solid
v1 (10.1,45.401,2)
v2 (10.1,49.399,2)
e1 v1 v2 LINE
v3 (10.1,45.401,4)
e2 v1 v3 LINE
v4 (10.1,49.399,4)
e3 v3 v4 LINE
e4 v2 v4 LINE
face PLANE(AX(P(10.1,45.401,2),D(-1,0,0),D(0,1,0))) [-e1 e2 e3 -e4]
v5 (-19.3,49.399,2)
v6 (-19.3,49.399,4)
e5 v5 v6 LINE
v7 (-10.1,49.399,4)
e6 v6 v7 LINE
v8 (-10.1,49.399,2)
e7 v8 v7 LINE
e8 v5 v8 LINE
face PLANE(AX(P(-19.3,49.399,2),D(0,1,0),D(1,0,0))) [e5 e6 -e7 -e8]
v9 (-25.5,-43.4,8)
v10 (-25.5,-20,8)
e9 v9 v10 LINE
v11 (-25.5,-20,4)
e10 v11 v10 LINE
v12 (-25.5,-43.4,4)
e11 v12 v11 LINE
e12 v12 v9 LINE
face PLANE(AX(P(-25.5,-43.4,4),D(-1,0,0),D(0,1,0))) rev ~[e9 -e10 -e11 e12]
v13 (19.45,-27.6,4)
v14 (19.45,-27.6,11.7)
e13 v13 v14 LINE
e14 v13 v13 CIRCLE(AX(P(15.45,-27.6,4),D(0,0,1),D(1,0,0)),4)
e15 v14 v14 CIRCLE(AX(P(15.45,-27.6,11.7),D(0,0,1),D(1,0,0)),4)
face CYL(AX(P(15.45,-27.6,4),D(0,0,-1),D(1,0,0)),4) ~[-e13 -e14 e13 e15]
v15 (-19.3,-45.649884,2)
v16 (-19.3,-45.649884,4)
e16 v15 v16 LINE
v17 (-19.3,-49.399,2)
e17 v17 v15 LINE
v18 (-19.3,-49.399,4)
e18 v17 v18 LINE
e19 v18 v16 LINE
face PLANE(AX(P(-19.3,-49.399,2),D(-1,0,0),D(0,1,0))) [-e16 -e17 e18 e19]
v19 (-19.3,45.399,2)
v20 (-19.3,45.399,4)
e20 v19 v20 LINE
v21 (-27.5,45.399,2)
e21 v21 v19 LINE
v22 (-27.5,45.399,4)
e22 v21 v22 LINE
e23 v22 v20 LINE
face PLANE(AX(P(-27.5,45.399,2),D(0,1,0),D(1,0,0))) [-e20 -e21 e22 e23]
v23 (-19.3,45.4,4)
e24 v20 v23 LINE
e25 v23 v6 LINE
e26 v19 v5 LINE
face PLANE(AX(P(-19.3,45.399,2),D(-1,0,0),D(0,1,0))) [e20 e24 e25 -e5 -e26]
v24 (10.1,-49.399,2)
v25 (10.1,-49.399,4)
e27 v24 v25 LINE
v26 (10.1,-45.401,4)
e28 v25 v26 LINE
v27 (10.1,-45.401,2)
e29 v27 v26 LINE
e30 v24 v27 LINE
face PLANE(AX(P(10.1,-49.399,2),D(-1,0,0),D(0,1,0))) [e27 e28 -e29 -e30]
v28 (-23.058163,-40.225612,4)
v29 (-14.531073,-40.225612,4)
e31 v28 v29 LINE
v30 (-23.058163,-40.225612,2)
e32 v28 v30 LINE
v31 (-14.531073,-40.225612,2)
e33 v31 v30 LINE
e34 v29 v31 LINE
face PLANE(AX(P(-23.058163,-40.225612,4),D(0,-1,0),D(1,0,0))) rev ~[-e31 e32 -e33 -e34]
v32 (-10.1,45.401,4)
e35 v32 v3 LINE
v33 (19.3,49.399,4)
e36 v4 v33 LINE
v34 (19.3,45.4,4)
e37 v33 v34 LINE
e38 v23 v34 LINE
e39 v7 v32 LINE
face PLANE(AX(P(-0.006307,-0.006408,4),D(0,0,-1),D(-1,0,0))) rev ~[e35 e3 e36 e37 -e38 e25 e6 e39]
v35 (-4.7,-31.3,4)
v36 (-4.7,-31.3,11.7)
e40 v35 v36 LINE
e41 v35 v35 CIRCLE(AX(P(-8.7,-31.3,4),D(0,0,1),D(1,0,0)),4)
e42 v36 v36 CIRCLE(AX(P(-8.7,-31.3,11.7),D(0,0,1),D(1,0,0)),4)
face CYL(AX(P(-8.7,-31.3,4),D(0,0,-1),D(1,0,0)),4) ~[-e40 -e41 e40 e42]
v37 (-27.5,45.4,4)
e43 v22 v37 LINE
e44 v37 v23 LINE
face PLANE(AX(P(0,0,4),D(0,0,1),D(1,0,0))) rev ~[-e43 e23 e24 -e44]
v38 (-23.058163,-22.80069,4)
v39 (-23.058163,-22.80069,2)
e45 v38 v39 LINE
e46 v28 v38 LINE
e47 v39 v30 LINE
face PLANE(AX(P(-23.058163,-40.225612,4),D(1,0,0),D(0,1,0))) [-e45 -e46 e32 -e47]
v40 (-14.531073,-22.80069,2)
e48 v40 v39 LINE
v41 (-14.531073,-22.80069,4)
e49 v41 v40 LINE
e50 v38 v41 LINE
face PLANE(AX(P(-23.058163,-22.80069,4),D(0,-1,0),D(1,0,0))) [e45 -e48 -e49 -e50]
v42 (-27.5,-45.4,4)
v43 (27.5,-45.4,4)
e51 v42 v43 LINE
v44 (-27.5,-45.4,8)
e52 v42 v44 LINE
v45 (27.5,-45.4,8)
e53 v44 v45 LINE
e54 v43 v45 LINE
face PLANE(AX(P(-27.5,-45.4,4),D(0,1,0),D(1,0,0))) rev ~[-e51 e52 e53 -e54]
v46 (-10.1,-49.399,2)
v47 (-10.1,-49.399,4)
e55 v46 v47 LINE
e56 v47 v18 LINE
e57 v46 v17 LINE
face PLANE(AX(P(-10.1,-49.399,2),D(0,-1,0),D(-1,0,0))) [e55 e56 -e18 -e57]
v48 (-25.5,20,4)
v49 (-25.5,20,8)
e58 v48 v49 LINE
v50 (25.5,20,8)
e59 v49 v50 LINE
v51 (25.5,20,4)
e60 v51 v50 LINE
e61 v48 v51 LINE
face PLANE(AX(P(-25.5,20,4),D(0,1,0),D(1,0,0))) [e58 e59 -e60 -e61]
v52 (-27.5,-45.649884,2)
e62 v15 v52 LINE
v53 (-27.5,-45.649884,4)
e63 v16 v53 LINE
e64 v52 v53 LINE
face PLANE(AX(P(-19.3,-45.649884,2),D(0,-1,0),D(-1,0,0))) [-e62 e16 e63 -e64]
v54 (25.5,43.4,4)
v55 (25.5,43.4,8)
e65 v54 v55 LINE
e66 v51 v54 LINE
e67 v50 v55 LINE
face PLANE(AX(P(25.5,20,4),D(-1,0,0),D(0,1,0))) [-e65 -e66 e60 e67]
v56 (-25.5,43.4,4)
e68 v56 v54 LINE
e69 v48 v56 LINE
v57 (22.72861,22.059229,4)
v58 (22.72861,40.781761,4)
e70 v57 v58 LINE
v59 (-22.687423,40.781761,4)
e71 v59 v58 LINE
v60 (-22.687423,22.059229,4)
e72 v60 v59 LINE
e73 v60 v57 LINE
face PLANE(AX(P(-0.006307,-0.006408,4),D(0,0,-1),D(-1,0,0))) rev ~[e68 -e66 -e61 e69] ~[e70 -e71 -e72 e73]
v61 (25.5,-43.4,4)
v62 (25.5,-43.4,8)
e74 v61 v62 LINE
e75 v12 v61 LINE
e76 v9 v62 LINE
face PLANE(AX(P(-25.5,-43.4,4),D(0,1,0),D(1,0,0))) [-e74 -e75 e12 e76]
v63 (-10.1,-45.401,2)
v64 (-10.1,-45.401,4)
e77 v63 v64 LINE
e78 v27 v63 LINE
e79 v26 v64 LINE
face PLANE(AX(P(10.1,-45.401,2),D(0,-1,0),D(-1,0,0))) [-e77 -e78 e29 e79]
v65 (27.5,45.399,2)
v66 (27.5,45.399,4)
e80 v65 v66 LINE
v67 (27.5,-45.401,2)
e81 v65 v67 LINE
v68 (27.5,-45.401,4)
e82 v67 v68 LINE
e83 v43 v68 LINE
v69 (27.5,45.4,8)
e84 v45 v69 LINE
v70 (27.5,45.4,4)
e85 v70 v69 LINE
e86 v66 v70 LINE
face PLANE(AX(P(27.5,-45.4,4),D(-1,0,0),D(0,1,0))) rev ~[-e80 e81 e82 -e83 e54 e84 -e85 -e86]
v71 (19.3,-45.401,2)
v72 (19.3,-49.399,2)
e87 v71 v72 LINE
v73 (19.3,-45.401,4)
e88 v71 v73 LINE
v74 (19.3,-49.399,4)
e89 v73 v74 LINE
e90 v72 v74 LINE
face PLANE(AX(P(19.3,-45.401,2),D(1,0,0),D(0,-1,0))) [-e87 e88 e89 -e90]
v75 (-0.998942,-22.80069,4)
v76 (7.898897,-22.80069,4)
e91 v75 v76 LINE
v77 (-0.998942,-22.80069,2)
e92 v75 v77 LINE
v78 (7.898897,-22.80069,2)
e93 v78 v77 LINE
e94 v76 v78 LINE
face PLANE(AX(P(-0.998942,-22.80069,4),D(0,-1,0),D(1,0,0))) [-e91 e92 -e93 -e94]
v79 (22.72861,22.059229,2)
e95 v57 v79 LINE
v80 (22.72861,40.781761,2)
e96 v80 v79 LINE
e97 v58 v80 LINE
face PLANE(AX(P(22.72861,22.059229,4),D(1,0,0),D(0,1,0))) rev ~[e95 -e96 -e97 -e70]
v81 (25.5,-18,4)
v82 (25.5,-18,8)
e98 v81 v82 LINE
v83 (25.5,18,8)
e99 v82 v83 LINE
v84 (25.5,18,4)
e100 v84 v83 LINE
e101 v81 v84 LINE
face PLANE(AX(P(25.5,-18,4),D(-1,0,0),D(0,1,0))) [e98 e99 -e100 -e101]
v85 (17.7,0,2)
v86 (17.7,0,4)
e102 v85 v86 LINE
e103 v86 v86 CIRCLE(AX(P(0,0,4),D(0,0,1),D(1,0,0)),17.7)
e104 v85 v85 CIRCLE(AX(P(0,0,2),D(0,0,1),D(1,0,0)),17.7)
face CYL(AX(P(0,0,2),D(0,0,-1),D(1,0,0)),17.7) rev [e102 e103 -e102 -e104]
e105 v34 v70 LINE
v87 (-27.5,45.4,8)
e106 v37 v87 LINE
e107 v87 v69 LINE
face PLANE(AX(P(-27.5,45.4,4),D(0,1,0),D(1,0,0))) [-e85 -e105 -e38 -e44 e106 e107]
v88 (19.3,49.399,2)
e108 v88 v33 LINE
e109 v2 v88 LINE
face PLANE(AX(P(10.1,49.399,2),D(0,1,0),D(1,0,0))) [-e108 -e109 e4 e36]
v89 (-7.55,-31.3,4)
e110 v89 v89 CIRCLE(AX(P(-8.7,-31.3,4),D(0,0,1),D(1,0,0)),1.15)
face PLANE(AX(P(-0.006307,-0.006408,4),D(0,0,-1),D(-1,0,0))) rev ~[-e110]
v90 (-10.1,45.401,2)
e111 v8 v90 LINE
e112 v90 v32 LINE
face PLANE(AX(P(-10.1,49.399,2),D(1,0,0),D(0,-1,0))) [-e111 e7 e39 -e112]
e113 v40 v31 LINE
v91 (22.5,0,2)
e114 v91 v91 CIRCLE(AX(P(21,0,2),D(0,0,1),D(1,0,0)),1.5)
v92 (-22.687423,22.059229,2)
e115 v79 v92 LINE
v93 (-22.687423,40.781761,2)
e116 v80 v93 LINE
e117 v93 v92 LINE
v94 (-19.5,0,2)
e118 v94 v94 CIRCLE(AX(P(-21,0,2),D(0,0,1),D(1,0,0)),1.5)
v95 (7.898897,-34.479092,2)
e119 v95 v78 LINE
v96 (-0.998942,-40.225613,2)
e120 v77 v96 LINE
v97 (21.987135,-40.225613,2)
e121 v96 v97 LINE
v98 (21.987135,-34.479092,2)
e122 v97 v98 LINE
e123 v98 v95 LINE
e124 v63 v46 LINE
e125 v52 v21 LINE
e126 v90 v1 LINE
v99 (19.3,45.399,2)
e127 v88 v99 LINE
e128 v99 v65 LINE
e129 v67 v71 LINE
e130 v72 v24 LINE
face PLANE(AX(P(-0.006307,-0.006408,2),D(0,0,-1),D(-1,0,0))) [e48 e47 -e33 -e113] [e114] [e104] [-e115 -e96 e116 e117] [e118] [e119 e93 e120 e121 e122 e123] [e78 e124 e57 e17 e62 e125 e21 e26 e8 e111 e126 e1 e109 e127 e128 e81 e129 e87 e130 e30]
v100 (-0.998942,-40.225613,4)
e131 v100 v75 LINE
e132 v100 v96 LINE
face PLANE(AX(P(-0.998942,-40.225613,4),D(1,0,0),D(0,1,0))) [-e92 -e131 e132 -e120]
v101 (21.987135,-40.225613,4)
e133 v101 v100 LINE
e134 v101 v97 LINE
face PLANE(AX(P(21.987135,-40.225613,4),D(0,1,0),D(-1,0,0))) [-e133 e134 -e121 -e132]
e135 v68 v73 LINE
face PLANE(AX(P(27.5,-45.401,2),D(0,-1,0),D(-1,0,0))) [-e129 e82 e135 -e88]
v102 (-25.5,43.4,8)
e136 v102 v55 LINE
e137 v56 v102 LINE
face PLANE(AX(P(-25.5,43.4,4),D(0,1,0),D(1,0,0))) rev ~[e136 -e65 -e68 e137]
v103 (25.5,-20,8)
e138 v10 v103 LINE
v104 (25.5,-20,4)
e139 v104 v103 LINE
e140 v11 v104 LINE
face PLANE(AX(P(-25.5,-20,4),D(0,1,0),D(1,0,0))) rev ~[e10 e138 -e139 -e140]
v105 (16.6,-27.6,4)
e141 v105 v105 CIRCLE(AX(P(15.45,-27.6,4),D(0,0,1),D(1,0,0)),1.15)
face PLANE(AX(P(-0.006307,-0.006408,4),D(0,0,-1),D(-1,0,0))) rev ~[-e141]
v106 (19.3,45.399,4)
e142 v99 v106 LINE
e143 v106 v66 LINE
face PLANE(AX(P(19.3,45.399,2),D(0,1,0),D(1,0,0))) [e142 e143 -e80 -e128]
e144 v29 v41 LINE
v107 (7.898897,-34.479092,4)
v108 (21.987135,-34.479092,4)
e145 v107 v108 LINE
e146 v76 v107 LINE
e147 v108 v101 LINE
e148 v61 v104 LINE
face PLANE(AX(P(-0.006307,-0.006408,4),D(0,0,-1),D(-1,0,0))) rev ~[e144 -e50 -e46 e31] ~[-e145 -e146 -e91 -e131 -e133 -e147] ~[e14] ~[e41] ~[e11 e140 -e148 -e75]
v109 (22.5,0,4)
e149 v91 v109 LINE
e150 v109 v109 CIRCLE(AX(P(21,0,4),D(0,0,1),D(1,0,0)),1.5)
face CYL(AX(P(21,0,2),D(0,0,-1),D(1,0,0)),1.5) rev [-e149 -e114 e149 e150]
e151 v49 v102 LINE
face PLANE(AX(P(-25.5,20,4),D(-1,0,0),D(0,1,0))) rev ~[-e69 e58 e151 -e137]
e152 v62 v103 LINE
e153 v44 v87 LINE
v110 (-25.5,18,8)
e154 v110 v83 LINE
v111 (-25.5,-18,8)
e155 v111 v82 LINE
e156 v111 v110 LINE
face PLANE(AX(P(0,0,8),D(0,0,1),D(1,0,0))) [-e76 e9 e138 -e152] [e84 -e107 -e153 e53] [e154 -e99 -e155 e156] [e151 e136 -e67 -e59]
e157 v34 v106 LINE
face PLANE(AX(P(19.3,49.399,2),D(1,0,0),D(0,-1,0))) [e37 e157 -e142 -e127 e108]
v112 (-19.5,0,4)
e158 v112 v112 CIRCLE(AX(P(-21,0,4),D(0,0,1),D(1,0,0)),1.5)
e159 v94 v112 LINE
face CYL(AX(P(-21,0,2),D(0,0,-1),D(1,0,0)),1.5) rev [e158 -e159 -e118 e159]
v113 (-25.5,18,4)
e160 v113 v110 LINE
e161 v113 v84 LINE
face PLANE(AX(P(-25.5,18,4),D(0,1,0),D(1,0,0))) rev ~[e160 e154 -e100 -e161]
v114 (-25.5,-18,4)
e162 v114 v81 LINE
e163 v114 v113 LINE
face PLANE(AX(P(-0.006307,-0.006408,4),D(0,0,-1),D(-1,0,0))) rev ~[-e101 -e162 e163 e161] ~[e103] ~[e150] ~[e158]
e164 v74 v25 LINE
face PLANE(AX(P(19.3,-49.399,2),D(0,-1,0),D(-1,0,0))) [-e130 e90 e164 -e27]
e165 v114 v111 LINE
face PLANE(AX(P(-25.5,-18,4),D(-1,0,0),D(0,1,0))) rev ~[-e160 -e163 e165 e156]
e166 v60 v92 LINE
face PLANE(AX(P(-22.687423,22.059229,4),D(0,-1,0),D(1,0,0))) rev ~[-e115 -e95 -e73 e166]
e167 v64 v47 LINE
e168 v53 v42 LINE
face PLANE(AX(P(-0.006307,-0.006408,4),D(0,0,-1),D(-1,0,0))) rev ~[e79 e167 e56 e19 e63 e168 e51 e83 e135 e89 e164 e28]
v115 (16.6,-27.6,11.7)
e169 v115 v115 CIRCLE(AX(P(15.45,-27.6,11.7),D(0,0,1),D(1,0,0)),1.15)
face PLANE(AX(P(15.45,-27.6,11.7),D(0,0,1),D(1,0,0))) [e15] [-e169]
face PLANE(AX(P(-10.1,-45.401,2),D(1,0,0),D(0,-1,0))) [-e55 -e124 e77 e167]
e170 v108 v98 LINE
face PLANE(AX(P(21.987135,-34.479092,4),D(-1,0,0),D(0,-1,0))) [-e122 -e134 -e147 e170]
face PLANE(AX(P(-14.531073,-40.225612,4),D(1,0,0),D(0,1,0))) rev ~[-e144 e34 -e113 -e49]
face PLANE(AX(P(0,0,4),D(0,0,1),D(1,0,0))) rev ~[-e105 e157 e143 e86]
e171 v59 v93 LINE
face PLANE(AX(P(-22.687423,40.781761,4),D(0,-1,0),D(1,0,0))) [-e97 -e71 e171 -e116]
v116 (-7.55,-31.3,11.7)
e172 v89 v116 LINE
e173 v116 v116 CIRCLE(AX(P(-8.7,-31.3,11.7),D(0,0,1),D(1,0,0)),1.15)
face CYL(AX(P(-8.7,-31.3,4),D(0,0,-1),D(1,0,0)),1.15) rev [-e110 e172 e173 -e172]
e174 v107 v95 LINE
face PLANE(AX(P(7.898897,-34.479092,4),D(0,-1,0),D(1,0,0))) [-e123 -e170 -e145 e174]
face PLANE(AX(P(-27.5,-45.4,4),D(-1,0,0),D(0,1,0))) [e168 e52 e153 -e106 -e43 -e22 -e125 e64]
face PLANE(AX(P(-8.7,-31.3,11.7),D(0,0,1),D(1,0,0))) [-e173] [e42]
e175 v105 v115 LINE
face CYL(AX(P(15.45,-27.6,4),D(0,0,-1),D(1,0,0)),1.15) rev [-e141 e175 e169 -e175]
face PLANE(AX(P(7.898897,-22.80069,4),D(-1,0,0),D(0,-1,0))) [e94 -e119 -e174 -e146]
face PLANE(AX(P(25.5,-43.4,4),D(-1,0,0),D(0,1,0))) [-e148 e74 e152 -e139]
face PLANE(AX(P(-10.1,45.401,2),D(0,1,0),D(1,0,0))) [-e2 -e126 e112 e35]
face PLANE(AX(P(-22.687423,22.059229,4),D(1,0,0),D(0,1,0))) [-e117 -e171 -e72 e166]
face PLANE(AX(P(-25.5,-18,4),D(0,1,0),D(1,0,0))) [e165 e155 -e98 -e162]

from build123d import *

# Parameters (mm, degrees)
SKETCH_R      = 17.7
SKETCH_R_2    = 1.5
PAD_DEPTH     = 2
SKETCH001_R   = 4
SKETCH001_R_2 = 1.15
PAD001_DEPTH  = 7.7
SKETCH002_W   = 55
SKETCH002_H   = 90.8
SKETCH002_W_2 = 51
SKETCH002_H_2 = 36
SKETCH002_H_3 = 23.4
PAD002_DEPTH  = 4
SKETCH003_W   = 45.416033
SKETCH003_H   = 18.722532
SKETCH003_W_2 = 8.527091
SKETCH003_H_2 = 17.424923
POCKET_DEPTH  = 2.001


with BuildPart() as part:
    # Sketch → Pad (new body)
    with BuildSketch(Plane.XY.offset(2)):
        Polygon((-19.3, 49.399), (-10.1, 49.399), (-10.1, 45.401), (10.1, 45.401), (10.1, 49.399), (19.3, 49.399), (19.3, 45.399), (27.5, 45.399), (27.5, -45.401), (19.3, -45.401), (19.3, -49.399), (10.1, -49.399), (10.1, -45.401), (-10.1, -45.401), (-10.1, -49.399), (-19.3, -49.399), (-19.3, -45.649884), (-27.5, -45.649884), (-27.5, 45.399), (-19.3, 45.399), align=None)
        Circle(SKETCH_R, mode=Mode.SUBTRACT)
        with Locations((-21, 0)):
            Circle(SKETCH_R_2, mode=Mode.SUBTRACT)
        with Locations((21, 0)):
            Circle(SKETCH_R_2, mode=Mode.SUBTRACT)
    extrude(amount=PAD_DEPTH)

    # Sketch001 → Pad001 (new body)
    with BuildSketch(Plane.XY.offset(4)):
        with Locations((15.45, -27.6)):
            Circle(SKETCH001_R)
        with Locations((15.45, -27.6)):
            Circle(SKETCH001_R_2, mode=Mode.SUBTRACT)
        with Locations((-8.7, -31.3)):
            Circle(SKETCH001_R)
        with Locations((-8.7, -31.3)):
            Circle(SKETCH001_R_2, mode=Mode.SUBTRACT)
    extrude(amount=PAD001_DEPTH)

    # Sketch002 → Pad002 (new body)
    with BuildSketch(Plane.XY.offset(4)):
        Rectangle(SKETCH002_W, SKETCH002_H)
        Rectangle(SKETCH002_W_2, SKETCH002_H_2, mode=Mode.SUBTRACT)
        with Locations((0, 31.7)):
            Rectangle(SKETCH002_W_2, SKETCH002_H_3, mode=Mode.SUBTRACT)
        with Locations((0, -31.7)):
            Rectangle(SKETCH002_W_2, SKETCH002_H_3, mode=Mode.SUBTRACT)
    extrude(amount=PAD002_DEPTH)

    # Sketch003 → Pocket (cut, through all)
    with BuildSketch(Plane.XY.offset(4)):
        with Locations((0.020594, 31.420495)):
            Rectangle(SKETCH003_W, SKETCH003_H)
        with Locations((-18.794618, -31.513151)):
            Rectangle(SKETCH003_W_2, SKETCH003_H_2)
        Polygon((-0.998942, -22.80069), (7.898897, -22.80069), (7.898897, -34.479092), (21.987135, -34.479092), (21.987135, -40.225613), (-0.998942, -40.225613), align=None)
    extrude(amount=-POCKET_DEPTH, mode=Mode.SUBTRACT)


solid = part.part
